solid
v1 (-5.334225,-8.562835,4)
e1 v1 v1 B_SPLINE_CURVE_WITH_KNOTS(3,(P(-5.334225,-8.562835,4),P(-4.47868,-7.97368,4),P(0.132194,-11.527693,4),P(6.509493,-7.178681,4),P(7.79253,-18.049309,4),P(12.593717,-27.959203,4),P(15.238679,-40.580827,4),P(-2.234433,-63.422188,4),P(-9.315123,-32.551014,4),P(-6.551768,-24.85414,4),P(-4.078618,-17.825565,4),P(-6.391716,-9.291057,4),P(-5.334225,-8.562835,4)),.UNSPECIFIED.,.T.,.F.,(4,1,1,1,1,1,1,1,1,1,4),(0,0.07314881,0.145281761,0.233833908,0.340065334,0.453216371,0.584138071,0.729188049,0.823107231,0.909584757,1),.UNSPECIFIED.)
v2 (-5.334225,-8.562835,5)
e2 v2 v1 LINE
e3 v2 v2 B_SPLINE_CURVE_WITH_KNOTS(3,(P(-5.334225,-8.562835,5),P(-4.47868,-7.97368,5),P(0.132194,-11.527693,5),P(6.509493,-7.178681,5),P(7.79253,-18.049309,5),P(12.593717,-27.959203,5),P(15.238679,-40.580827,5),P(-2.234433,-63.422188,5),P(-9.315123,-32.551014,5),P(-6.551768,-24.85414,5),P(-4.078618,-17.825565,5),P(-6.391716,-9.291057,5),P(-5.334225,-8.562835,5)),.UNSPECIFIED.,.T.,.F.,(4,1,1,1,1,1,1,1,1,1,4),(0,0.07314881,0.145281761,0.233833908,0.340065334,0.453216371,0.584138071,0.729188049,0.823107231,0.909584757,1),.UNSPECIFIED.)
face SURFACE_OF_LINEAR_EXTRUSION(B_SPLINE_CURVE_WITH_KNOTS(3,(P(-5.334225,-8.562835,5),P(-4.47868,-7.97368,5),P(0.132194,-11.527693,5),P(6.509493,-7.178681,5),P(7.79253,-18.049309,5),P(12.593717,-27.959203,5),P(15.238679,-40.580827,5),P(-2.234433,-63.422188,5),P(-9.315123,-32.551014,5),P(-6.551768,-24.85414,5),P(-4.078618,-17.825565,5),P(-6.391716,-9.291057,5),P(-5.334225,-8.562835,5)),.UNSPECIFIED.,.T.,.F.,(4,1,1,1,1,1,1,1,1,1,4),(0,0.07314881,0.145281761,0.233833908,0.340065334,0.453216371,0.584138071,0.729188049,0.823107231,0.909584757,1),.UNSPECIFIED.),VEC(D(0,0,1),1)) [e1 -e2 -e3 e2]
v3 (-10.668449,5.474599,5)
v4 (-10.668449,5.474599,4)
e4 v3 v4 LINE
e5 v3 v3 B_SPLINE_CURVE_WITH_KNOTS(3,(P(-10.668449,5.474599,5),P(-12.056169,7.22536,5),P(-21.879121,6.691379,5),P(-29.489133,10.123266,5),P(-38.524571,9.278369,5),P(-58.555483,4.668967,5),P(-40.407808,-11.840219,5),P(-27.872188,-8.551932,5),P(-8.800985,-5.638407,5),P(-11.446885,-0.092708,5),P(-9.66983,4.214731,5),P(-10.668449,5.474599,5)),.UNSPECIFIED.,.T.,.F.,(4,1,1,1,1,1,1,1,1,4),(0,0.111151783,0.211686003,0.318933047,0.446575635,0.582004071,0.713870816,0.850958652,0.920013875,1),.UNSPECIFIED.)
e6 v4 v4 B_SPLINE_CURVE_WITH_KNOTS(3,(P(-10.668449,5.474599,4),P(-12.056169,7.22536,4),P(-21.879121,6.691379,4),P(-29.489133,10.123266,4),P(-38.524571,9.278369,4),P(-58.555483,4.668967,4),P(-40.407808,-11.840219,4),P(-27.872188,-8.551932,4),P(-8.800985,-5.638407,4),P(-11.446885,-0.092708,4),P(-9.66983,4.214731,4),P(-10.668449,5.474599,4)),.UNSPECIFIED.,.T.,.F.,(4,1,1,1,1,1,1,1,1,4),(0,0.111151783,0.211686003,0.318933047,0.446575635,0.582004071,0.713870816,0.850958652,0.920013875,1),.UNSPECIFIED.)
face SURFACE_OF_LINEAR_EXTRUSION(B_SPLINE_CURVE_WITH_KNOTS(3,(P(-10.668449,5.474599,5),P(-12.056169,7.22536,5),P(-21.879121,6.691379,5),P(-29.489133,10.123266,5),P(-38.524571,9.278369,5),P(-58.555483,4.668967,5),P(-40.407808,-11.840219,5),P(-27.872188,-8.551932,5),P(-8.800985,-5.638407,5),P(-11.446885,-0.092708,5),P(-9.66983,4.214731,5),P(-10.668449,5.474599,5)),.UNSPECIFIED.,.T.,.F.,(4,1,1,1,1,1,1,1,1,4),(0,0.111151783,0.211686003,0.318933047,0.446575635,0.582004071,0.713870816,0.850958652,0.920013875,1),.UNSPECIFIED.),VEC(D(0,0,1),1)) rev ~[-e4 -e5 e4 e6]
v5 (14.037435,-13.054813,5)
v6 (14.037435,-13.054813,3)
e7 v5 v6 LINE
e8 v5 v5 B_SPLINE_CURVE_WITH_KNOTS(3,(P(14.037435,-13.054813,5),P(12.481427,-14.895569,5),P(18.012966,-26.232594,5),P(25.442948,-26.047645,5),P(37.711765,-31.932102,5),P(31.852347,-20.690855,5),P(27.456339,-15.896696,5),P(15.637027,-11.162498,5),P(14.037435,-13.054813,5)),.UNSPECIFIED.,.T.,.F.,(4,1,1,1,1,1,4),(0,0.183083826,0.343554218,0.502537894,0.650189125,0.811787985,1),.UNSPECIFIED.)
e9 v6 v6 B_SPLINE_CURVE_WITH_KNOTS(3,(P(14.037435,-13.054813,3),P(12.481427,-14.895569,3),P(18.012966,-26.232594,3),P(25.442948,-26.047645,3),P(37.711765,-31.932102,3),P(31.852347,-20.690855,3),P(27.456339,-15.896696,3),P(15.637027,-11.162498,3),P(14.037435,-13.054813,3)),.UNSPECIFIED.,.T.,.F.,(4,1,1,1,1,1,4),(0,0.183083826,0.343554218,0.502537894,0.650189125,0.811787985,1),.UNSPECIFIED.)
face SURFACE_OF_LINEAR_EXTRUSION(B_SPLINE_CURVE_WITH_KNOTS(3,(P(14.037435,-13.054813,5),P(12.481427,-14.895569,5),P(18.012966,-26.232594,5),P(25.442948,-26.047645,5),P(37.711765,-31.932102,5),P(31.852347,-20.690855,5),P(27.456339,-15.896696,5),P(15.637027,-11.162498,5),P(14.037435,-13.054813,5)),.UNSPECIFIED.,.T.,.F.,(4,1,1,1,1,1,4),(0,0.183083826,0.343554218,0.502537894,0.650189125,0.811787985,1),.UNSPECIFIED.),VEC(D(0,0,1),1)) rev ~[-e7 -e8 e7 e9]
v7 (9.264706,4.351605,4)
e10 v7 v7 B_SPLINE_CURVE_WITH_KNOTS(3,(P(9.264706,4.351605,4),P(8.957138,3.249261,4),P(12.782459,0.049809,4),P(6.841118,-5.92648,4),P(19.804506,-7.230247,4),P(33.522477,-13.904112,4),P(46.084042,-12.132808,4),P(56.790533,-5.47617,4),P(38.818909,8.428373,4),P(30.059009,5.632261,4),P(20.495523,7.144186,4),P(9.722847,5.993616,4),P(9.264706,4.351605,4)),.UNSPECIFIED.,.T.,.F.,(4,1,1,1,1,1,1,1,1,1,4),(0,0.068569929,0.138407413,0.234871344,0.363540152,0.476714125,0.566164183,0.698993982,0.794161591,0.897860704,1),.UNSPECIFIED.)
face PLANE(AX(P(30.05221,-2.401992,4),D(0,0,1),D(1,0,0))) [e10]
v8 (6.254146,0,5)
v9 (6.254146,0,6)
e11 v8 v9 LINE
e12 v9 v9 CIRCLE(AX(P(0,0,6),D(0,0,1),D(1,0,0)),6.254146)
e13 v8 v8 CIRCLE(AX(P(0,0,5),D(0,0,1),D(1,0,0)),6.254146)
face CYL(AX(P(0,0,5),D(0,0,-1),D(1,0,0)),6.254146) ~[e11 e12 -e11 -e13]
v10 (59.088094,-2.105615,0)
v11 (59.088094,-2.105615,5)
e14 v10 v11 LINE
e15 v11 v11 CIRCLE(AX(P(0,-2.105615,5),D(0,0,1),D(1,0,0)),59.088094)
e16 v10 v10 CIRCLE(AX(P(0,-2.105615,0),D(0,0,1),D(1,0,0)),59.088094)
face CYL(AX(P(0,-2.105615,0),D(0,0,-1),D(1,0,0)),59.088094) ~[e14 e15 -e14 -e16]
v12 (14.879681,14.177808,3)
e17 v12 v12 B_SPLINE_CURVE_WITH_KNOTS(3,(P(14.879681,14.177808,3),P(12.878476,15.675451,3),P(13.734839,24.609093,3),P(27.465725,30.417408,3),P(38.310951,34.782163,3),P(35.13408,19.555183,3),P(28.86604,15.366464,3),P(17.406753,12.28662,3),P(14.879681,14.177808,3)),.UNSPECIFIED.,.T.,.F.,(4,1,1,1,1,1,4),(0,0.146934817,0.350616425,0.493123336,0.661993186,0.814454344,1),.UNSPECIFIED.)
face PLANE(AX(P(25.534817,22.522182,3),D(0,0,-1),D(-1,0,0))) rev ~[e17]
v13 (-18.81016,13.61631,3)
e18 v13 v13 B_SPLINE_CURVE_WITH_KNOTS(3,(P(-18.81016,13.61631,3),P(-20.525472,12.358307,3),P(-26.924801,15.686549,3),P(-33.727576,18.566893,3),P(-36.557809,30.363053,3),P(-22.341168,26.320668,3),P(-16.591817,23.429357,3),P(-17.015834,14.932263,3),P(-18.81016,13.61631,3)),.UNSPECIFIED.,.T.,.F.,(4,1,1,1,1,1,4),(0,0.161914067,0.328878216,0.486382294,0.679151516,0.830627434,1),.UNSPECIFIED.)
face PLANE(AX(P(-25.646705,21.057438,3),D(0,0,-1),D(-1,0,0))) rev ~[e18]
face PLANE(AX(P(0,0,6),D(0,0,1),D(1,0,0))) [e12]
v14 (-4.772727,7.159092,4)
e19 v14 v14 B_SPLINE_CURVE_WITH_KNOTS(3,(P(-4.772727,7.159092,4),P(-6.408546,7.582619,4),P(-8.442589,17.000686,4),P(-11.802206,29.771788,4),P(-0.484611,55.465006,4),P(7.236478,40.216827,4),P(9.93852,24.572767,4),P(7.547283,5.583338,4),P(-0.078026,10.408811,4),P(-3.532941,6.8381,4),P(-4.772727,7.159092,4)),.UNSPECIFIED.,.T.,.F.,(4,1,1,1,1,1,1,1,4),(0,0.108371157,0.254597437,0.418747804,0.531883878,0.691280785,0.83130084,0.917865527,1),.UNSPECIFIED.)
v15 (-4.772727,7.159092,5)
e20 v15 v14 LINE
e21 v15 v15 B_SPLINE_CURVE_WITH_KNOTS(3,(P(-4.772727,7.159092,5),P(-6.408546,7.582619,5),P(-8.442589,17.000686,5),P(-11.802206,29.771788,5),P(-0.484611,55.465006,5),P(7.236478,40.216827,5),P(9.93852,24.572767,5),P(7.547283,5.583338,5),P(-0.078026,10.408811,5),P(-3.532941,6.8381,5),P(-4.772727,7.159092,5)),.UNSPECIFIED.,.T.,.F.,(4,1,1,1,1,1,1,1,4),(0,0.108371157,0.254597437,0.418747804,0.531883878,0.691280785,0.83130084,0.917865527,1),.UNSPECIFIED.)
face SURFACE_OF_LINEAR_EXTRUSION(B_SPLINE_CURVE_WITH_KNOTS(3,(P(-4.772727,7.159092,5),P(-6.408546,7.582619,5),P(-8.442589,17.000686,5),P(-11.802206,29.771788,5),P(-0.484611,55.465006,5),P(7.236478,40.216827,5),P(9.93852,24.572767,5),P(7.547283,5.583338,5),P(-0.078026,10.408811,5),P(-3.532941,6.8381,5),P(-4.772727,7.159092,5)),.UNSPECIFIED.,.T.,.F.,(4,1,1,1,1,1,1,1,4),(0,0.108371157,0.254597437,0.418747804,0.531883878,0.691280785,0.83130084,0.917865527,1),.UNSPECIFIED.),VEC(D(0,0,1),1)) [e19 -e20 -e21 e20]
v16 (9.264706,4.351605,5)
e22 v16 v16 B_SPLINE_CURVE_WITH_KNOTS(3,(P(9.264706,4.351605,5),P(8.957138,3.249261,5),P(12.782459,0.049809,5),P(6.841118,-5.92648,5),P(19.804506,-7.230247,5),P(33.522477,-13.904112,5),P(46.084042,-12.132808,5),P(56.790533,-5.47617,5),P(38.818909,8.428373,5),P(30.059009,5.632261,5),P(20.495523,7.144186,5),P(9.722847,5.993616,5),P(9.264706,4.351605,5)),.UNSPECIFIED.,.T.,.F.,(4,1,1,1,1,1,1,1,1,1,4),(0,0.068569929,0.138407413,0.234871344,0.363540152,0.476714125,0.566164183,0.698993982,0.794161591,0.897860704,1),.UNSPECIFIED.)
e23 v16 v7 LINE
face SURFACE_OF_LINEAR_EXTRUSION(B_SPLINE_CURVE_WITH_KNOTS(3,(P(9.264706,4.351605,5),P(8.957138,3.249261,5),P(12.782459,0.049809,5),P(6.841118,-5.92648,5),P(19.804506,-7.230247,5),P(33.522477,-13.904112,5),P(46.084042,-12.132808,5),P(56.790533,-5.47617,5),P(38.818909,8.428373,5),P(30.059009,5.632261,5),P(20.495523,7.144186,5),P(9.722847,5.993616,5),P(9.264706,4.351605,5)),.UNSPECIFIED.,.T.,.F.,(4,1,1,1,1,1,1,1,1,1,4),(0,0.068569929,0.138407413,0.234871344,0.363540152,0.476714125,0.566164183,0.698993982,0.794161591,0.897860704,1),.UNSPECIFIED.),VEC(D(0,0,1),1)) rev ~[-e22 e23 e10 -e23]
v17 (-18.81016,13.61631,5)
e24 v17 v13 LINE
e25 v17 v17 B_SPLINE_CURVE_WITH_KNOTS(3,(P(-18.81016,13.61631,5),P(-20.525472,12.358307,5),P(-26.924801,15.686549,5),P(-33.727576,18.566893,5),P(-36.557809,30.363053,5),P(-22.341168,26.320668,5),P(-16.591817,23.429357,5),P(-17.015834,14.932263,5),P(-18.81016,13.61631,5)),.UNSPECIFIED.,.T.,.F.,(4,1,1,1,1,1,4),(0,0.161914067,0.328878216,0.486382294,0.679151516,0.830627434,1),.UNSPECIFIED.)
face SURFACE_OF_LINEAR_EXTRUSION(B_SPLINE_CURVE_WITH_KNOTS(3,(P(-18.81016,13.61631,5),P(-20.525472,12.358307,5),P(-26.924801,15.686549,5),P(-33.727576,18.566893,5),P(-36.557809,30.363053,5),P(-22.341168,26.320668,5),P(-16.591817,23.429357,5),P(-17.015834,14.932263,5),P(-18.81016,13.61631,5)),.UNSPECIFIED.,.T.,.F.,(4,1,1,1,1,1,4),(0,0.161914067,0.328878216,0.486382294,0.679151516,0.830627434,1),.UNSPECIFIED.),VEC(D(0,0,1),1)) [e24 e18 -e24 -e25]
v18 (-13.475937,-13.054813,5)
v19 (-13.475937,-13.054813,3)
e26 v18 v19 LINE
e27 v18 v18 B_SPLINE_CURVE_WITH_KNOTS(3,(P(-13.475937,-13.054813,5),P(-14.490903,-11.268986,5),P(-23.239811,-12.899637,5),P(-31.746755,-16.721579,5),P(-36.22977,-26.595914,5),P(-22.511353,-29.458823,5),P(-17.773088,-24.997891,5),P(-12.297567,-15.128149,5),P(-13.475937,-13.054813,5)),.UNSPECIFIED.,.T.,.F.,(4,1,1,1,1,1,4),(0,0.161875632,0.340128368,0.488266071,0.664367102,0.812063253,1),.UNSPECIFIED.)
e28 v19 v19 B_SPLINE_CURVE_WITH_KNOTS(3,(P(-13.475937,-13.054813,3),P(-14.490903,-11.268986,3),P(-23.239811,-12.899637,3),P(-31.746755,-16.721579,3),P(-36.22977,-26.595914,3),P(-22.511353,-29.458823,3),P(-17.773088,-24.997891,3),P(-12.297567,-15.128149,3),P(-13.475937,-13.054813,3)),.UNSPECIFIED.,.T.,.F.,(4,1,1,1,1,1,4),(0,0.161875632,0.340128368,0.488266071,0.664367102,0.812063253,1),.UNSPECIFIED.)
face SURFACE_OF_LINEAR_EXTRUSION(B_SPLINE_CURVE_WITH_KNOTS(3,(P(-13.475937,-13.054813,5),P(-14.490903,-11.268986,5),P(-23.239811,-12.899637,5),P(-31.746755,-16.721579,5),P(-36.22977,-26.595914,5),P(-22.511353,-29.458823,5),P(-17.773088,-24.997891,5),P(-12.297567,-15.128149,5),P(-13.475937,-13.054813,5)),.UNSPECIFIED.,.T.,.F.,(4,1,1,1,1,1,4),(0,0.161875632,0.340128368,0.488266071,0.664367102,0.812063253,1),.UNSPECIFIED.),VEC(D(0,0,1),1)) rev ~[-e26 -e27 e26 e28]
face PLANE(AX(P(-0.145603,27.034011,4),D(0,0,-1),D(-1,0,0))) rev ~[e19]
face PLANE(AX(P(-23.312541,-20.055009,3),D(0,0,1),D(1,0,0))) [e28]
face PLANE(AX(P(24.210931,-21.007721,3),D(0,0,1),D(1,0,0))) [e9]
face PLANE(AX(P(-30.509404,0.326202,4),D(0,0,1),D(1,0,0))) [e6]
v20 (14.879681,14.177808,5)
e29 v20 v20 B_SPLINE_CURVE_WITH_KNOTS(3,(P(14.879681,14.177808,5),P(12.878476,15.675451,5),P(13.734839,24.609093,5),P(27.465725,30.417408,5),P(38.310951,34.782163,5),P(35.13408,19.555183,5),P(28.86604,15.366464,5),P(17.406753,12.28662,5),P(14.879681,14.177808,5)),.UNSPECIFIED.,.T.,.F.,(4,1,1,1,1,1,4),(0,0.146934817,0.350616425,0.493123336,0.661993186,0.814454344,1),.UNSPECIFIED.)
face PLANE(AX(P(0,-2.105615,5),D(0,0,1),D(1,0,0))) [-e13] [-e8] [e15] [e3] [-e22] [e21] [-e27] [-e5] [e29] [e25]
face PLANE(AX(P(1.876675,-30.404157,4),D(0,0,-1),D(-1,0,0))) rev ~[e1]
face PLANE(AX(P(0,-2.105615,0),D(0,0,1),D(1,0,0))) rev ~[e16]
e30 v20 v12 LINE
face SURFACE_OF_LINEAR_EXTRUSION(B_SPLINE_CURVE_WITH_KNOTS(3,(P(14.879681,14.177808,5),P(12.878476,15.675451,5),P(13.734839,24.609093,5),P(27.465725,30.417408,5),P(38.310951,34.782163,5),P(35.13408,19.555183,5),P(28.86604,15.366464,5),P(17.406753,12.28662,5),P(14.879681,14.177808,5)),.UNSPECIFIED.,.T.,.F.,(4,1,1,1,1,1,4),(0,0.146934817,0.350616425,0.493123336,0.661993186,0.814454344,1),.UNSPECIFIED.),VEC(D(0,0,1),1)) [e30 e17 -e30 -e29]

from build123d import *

# Parameters (mm, degrees)
F0_R     = 59.0880936476
F1_DEPTH = 5
F2_R     = 6.2541458164
F4_DEPTH = 1
F5_DEPTH = 1
F7_DEPTH = 2


with BuildPart() as f1:
    # F0 (on Top) → F1 (new body)
    with BuildSketch(Plane.XY):
        with Locations((0, -2.1056151018)):
            Circle(F0_R)
    extrude(amount=F1_DEPTH)

    # F2 (on face) → F4 (join)
    with BuildSketch(Plane.XY.offset(5)):
        Circle(F2_R)
    extrude(amount=F4_DEPTH)

    # F3 (on face) → F5 (cut)
    with BuildSketch(Plane.XY.offset(5)):
        with BuildLine():
            add(Edge.make_bspline(
                [(-4.7727273777, 7.1590915322), (-6.4085462642, 7.5826188619), (-8.4425893593, 17.0006860771), (-11.8022056723, 29.7717877031), (-0.4846107398, 55.4650055698), (7.2364784999, 40.2168270371), (9.9385199312, 24.5727673402), (7.5472832072, 5.5833376772), (-0.0780264695, 10.4088109322), (-3.532940639, 6.8381002714), (-4.7727273777, 7.1590915322)],
                knots=[0, 0, 0, 0, 0.1083711566, 0.2545974371, 0.418747804, 0.5318838777, 0.6912807851, 0.8313008397, 0.9178655266, 1, 1, 1, 1], degree=3))
        make_face()
        with BuildLine():
            add(Edge.make_bspline(
                [(-10.6684491038, 5.4745990783), (-12.0561691308, 7.2253596345), (-21.8791208512, 6.6913791481), (-29.4891331724, 10.1232660852), (-38.5245708395, 9.2783692303), (-58.5554832425, 4.6689669232), (-40.4078078708, -11.8402187561), (-27.8721878336, -8.5519321006), (-8.8009851807, -5.6384065776), (-11.4468848959, -0.0927082515), (-9.6698295121, 4.2147312679), (-10.6684491038, 5.4745990783)],
                knots=[0, 0, 0, 0, 0.111151783, 0.2116860031, 0.3189330474, 0.4465756354, 0.5820040709, 0.7138708157, 0.8509586515, 0.9200138746, 1, 1, 1, 1], degree=3))
        make_face()
        with BuildLine():
            add(Edge.make_bspline(
                [(-5.3342245519, -8.5628349334), (-4.4786799615, -7.9736803873), (0.1321944458, -11.5276932912), (6.5094929194, -7.1786809191), (7.7925295931, -18.0493088432), (12.5937168704, -27.9592025979), (15.2386785589, -40.5808267294), (-2.2344329407, -63.4221883959), (-9.3151225032, -32.5510137398), (-6.5517675744, -24.8541403122), (-4.0786180579, -17.8255645054), (-6.3917164173, -9.2910566379), (-5.3342245519, -8.5628349334)],
                knots=[0, 0, 0, 0, 0.0731488102, 0.1452817606, 0.233833908, 0.3400653345, 0.4532163707, 0.5841380712, 0.7291880487, 0.8231072311, 0.9095847574, 1, 1, 1, 1], degree=3))
        make_face()
        with BuildLine():
            add(Edge.make_bspline(
                [(9.2647057027, 4.3516047299), (8.9571380145, 3.2492611123), (12.7824592675, 0.0498091413), (6.8411175325, -5.9264798552), (19.8045058403, -7.2302473149), (33.5224767675, -13.9041118827), (46.0840418949, -12.1328084491), (56.7905325681, -5.4761697374), (38.818909156, 8.4283733616), (30.0590091206, 5.632261363), (20.4955228271, 7.1441859852), (9.7228474514, 5.993616073), (9.2647057027, 4.3516047299)],
                knots=[0, 0, 0, 0, 0.0685699291, 0.1384074135, 0.2348713438, 0.3635401519, 0.4767141252, 0.5661641833, 0.6989939822, 0.7941615915, 0.8978607037, 1, 1, 1, 1], degree=3))
        make_face()
    extrude(amount=-F5_DEPTH, mode=Mode.SUBTRACT)

    # F6 (on face) → F7 (cut)
    with BuildSketch(Plane.XY.offset(5)):
        with BuildLine():
            add(Edge.make_bspline(
                [(-18.8101604581, 13.6163104326), (-20.5254717132, 12.3583074837), (-26.9248008538, 15.6865490851), (-33.7275755806, 18.5668931693), (-36.5578089612, 30.3630531403), (-22.3411679187, 26.3206684702), (-16.5918168832, 23.4293571667), (-17.015834157, 14.9322627248), (-18.8101604581, 13.6163104326)],
                knots=[0, 0, 0, 0, 0.1619140666, 0.3288782161, 0.4863822939, 0.679151516, 0.8306274343, 1, 1, 1, 1], degree=3))
        make_face()
        with BuildLine():
            add(Edge.make_bspline(
                [(-13.4759368375, -13.0548132583), (-14.4909029516, -11.2689861927), (-23.239810669, -12.8996365593), (-31.7467546738, -16.72157874), (-36.2297698541, -26.5959138687), (-22.5113531956, -29.4588233332), (-17.7730881422, -24.9978905765), (-12.2975665768, -15.1281489841), (-13.4759368375, -13.0548132583)],
                knots=[0, 0, 0, 0, 0.1618756315, 0.3401283677, 0.4882660713, 0.6643671021, 0.8120632527, 1, 1, 1, 1], degree=3))
        make_face()
        with BuildLine():
            add(Edge.make_bspline(
                [(14.037434943, -13.0548132583), (12.4814272274, -14.8955685048), (18.0129656253, -26.232593731), (25.442948431, -26.0476454266), (37.711765373, -31.9321015834), (31.852347262, -20.690854796), (27.4563394325, -15.8966958652), (15.6370265264, -11.162498349), (14.037434943, -13.0548132583)],
                knots=[0, 0, 0, 0, 0.1830838261, 0.3435542177, 0.5025378944, 0.6501891248, 0.8117879852, 1, 1, 1, 1], degree=3))
        make_face()
        with BuildLine():
            add(Edge.make_bspline(
                [(14.87968117, 14.1778076068), (12.8784763814, 15.6754514193), (13.734838999, 24.6090932726), (27.4657251112, 30.4174078857), (38.3109506254, 34.7821627022), (35.1340804737, 19.5551832527), (28.8660402407, 15.366463644), (17.4067531204, 12.2866200121), (14.87968117, 14.1778076068)],
                knots=[0, 0, 0, 0, 0.1469348173, 0.3506164253, 0.4931233357, 0.6619931863, 0.8144543439, 1, 1, 1, 1], degree=3))
        make_face()
    extrude(amount=-F7_DEPTH, mode=Mode.SUBTRACT)


solid = f1.part
